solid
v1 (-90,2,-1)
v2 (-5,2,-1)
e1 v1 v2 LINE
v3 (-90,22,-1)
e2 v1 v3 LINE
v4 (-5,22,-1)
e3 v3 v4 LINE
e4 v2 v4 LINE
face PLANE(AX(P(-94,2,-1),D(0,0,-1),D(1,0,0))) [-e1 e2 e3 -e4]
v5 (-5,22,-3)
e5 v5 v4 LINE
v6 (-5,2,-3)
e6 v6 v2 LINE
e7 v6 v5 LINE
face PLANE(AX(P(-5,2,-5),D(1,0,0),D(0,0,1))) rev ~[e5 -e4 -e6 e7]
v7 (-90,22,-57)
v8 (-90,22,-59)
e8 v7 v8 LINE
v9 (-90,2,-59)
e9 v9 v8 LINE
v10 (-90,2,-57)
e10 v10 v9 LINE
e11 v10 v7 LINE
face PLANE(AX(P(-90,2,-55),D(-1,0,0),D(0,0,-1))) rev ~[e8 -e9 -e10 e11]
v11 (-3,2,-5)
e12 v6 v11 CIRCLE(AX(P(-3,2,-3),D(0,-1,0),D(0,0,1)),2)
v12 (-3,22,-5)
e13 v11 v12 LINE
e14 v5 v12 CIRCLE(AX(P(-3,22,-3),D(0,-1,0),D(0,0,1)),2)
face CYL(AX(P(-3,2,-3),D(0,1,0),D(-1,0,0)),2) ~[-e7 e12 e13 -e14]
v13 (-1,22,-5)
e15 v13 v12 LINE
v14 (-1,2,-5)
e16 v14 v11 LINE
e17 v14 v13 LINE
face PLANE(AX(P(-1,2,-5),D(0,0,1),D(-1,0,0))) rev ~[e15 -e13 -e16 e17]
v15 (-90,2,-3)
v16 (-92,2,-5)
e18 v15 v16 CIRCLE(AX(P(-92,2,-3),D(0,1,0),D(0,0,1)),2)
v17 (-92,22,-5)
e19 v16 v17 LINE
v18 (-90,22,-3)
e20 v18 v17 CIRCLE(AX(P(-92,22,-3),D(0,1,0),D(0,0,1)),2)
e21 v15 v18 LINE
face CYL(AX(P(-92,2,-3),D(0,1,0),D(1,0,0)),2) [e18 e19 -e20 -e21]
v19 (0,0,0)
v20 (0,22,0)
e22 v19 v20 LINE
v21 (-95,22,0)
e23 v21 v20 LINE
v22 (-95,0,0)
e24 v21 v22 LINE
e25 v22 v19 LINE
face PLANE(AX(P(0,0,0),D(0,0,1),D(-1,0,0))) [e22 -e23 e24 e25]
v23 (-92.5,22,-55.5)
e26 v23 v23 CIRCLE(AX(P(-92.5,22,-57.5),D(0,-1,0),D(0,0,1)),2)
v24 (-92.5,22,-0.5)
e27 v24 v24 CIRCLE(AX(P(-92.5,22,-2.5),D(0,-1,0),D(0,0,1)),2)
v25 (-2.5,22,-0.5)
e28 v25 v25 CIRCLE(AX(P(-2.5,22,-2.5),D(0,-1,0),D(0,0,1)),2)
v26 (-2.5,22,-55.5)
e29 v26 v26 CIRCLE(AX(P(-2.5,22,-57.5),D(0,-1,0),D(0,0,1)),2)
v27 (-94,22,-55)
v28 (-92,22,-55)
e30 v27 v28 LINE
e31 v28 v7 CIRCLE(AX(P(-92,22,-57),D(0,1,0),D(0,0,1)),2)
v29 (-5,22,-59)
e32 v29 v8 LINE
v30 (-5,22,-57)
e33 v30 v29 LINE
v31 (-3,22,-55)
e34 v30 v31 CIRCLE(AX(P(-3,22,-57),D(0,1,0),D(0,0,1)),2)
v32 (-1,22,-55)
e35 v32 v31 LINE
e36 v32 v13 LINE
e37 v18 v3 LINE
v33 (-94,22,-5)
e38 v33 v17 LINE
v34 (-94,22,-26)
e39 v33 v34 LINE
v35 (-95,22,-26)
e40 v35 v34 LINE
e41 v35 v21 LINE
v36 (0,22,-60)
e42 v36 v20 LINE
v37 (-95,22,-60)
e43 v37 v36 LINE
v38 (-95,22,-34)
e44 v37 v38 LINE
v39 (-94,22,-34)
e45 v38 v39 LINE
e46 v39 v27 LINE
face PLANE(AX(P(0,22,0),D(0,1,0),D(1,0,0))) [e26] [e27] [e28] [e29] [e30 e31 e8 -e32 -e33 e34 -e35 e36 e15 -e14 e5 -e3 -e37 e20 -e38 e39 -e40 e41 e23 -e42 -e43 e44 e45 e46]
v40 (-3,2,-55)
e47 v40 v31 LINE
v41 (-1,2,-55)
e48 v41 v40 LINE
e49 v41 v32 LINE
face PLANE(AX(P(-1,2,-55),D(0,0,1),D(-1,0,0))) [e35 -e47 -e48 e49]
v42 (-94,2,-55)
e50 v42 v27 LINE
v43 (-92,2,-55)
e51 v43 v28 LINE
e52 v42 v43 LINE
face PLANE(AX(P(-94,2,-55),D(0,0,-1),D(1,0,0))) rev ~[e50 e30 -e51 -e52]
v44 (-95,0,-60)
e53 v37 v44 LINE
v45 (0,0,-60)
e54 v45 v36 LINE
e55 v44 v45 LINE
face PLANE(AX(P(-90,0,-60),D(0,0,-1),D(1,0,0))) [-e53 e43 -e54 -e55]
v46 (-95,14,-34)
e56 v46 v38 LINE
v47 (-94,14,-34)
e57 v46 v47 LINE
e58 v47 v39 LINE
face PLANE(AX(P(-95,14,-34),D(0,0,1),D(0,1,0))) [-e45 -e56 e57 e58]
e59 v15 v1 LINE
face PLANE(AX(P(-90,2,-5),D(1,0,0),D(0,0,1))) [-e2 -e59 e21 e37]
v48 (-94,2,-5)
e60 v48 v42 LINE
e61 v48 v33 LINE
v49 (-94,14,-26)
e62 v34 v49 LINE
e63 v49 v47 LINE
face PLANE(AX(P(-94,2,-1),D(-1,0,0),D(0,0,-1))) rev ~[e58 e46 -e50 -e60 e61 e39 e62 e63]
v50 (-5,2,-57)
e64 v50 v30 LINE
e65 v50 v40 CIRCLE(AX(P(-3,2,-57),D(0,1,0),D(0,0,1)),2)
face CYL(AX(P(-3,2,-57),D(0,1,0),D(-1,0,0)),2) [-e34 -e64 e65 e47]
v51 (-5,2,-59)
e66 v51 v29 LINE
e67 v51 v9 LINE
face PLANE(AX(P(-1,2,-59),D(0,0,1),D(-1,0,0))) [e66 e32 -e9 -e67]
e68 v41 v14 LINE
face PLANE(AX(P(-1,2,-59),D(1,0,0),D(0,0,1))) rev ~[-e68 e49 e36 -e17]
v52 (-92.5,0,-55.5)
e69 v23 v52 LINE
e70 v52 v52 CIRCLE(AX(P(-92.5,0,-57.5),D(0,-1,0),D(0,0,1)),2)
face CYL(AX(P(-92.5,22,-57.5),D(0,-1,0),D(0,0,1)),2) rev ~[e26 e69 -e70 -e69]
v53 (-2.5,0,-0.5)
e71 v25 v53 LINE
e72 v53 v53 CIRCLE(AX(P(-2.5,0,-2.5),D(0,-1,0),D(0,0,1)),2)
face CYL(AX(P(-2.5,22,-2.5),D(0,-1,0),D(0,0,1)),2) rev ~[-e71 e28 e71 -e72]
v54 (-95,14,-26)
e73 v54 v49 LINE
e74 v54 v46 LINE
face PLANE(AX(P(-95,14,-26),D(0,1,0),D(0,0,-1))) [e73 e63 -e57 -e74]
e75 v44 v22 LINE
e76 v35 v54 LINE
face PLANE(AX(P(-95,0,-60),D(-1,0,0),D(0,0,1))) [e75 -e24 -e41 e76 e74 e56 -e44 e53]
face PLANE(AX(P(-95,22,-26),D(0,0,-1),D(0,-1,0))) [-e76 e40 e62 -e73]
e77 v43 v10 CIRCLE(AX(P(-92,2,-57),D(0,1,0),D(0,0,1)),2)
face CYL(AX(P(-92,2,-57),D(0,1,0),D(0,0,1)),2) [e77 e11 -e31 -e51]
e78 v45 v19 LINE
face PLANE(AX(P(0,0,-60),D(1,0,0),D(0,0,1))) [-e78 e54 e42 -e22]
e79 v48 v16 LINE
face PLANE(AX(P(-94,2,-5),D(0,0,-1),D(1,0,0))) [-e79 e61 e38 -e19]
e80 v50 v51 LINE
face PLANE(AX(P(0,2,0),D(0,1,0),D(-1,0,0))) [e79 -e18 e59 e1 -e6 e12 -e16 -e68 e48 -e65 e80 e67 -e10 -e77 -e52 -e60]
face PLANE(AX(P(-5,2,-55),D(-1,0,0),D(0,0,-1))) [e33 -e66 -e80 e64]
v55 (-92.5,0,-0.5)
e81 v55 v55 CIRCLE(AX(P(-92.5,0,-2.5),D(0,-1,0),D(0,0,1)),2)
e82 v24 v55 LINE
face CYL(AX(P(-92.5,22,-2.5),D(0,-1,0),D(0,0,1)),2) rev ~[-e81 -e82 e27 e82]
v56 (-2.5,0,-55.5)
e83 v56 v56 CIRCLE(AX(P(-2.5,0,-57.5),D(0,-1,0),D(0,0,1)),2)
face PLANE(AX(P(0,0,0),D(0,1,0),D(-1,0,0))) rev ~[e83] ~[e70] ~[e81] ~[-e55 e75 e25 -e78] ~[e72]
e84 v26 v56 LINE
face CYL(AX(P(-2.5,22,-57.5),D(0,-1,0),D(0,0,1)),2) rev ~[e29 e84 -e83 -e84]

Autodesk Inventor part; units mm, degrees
ref_plane "YZ Plane" through (0, 0, 0) normal (1, 0, 0) x (0, 1, 0)
ref_plane "XZ Plane" through (0, 0, 0) normal (0, 1, 0) x (-1, 0, 0)
ref_plane "XY Plane" through (0, 0, 0) normal (0, 0, 1) x (1, 0, 0)
sketch "Szkic1" plane through (0, 0, 0) normal (0, 1, 0) x (-1, 0, 0)
  line L0 (0, 0) -> (90, 0)
  line L1 (90, 0) -> (90, -60)
  line L2 (90, -60) -> (0, -60)
  line L3 (0, -60) -> (0, 0)
  dimension "d0" = 90
  dimension "d1" = 60
extrude "Wyciągnięcie proste1" add sketch "Szkic1" along normal blind 2
sketch "Szkic15" plane through (-90, 0, -60) normal (-1, 0, 0) x (0, 0, 1)
  line L0 (0, 0) -> (60, 0)
  line L1 (60, 0) -> (60, 2)
  line L2 (60, 2) -> (0, 2)
  line L3 (0, 2) -> (0, 0)
extrude "Wyciągnięcie proste5" add sketch "Szkic15" along normal blind 5
sketch "Szkic16" plane through (0, 2, 0) normal (0, 1, 0) x (1, 0, 0)
  line L0 (0, 60) -> (-95, 60) projected
  line L1 (-95, 60) -> (-95, 0) projected
  line L2 (-94, 60) -> (-95, 60)
  line L3 (-95, 60) -> (-95, 0)
  line L4 (-95, 0) -> (-94, 0)
  line L5 (-94, 0) -> (-94, 60)
  line L6 (-95, 1) -> (0, 1)
  line L7 (0, 1) -> (0, 0)
  line L8 (0, 0) -> (-95, 0)
  line L9 (-95, 0) -> (-95, 1)
  line L10 (-1, 0) -> (0, 0)
  line L11 (0, 0) -> (0, 60)
  line L12 (0, 60) -> (-1, 60)
  line L13 (-1, 60) -> (-1, 0)
  line L14 (-1, 59) -> (-95, 59)
  line L15 (-95, 59) -> (-95, 60)
  line L16 (-95, 60) -> (-1, 60)
  line L17 (-1, 60) -> (-1, 59)
  point P0 (-94, 59)
  point P1 (-1, 1)
  point P2 (-94, 1)
extrude "Wyciągnięcie proste6" add sketch "Szkic16" along normal blind 20 contours L11 L6 L13 L0 | L13 L14 L5 L0 | L7 L8 L13 L6 | L5 L14 L1 L0 | L13 L8 L5 L6 | L5 L6 L1 L14 | L5 L4 L1 L6
sketch "Szkic21" plane through (0, 2, 0) normal (0, 1, 0) x (1, 0, 0)
  line L0 (-1, 59) -> (-1, 1) projected
  line L1 (-94, 1) -> (-1, 1) projected
  line L2 (-1, 5) -> (-5, 5)
  line L3 (-5, 5) -> (-5, 1)
  line L4 (-5, 1) -> (-1, 1)
  line L5 (-1, 1) -> (-1, 5)
  point P0 (0, 0)
  dimension "d61" = 4
extrude "Wyciągnięcie proste8" add sketch "Szkic21" along normal blind 20
sketch "Szkic22" plane through (0, 2, 0) normal (0, 1, 0) x (1, 0, 0)
  line L0 (-1, 59) -> (-1, 1) projected
  line L1 (-1, 55) -> (-5, 55)
  line L2 (-5, 55) -> (-5, 59)
  line L3 (-5, 59) -> (-1, 59)
  line L4 (-1, 59) -> (-1, 55)
  line L5 (-94, 1) -> (-94, 59) projected
  line L6 (-1, 59) -> (-94, 59) projected
  line L7 (-94, 55) -> (-90, 55)
  line L8 (-90, 55) -> (-90, 59)
  line L9 (-90, 59) -> (-94, 59)
  line L10 (-94, 59) -> (-94, 55)
  line L11 (-94, 1) -> (-5, 1) projected
  line L12 (-94, 5) -> (-90, 5)
  line L13 (-90, 5) -> (-90, 1)
  line L14 (-90, 1) -> (-94, 1)
  line L15 (-94, 1) -> (-94, 5)
  point P0 (0, 0)
  point P1 (-1, 5)
  dimension "d64" = 4
  dimension "d65" = 4
extrude "Wyciągnięcie proste9" add sketch "Szkic22" along normal blind 20
fillet "Zaokrąglenie1" radius 2 4 edges at (-90, 12, -55) (-5, 12, -55) (-90, 12, -5) (-5, 12, -5)
sketch "Szkic23" plane through (0, 22, 0) normal (0, 1, 0) x (1, 0, 0)
  point P0 (0, 0)
  point P1 (-2.5, 2.5)
  point P2 (-92.5, 2.5)
  point P3 (-92.5, 57.5)
  point P4 (-2.5, 57.5)
hole "Otwór5" at (-2.5, 22, -2.5) at (-92.5, 22, -2.5) at (-92.5, 22, -57.5) at (-2.5, 22, -57.5) direction (0, -1, 0) diameter 4 end through all
sketch "Szkic24" plane through (-95, 0, -60) normal (-1, 0, 0) x (0, 0, 1)
  point P0 (60, 0)
sketch "Szkic25" plane through (-95, 0, 0) normal (0, 0, 1) x (1, 0, 0)
  point P0 (95, 0)
sketch "Szkic26" plane through (-95, 0, -60) normal (-1, 0, 0) x (0, 0, 1)
  line L0 (60, 22) -> (0, 22) projected
  line L1 (26, 22) -> (34, 22)
  line L2 (34, 22) -> (34, 14)
  line L3 (34, 14) -> (26, 14)
  line L4 (26, 14) -> (26, 22)
  point P0 (60, 0)
  dimension "d76" = 8
  dimension "d77" = 8
extrude "Wyciągnięcie proste10" cut sketch "Szkic26" against normal blind 10
properties part number "góra"
